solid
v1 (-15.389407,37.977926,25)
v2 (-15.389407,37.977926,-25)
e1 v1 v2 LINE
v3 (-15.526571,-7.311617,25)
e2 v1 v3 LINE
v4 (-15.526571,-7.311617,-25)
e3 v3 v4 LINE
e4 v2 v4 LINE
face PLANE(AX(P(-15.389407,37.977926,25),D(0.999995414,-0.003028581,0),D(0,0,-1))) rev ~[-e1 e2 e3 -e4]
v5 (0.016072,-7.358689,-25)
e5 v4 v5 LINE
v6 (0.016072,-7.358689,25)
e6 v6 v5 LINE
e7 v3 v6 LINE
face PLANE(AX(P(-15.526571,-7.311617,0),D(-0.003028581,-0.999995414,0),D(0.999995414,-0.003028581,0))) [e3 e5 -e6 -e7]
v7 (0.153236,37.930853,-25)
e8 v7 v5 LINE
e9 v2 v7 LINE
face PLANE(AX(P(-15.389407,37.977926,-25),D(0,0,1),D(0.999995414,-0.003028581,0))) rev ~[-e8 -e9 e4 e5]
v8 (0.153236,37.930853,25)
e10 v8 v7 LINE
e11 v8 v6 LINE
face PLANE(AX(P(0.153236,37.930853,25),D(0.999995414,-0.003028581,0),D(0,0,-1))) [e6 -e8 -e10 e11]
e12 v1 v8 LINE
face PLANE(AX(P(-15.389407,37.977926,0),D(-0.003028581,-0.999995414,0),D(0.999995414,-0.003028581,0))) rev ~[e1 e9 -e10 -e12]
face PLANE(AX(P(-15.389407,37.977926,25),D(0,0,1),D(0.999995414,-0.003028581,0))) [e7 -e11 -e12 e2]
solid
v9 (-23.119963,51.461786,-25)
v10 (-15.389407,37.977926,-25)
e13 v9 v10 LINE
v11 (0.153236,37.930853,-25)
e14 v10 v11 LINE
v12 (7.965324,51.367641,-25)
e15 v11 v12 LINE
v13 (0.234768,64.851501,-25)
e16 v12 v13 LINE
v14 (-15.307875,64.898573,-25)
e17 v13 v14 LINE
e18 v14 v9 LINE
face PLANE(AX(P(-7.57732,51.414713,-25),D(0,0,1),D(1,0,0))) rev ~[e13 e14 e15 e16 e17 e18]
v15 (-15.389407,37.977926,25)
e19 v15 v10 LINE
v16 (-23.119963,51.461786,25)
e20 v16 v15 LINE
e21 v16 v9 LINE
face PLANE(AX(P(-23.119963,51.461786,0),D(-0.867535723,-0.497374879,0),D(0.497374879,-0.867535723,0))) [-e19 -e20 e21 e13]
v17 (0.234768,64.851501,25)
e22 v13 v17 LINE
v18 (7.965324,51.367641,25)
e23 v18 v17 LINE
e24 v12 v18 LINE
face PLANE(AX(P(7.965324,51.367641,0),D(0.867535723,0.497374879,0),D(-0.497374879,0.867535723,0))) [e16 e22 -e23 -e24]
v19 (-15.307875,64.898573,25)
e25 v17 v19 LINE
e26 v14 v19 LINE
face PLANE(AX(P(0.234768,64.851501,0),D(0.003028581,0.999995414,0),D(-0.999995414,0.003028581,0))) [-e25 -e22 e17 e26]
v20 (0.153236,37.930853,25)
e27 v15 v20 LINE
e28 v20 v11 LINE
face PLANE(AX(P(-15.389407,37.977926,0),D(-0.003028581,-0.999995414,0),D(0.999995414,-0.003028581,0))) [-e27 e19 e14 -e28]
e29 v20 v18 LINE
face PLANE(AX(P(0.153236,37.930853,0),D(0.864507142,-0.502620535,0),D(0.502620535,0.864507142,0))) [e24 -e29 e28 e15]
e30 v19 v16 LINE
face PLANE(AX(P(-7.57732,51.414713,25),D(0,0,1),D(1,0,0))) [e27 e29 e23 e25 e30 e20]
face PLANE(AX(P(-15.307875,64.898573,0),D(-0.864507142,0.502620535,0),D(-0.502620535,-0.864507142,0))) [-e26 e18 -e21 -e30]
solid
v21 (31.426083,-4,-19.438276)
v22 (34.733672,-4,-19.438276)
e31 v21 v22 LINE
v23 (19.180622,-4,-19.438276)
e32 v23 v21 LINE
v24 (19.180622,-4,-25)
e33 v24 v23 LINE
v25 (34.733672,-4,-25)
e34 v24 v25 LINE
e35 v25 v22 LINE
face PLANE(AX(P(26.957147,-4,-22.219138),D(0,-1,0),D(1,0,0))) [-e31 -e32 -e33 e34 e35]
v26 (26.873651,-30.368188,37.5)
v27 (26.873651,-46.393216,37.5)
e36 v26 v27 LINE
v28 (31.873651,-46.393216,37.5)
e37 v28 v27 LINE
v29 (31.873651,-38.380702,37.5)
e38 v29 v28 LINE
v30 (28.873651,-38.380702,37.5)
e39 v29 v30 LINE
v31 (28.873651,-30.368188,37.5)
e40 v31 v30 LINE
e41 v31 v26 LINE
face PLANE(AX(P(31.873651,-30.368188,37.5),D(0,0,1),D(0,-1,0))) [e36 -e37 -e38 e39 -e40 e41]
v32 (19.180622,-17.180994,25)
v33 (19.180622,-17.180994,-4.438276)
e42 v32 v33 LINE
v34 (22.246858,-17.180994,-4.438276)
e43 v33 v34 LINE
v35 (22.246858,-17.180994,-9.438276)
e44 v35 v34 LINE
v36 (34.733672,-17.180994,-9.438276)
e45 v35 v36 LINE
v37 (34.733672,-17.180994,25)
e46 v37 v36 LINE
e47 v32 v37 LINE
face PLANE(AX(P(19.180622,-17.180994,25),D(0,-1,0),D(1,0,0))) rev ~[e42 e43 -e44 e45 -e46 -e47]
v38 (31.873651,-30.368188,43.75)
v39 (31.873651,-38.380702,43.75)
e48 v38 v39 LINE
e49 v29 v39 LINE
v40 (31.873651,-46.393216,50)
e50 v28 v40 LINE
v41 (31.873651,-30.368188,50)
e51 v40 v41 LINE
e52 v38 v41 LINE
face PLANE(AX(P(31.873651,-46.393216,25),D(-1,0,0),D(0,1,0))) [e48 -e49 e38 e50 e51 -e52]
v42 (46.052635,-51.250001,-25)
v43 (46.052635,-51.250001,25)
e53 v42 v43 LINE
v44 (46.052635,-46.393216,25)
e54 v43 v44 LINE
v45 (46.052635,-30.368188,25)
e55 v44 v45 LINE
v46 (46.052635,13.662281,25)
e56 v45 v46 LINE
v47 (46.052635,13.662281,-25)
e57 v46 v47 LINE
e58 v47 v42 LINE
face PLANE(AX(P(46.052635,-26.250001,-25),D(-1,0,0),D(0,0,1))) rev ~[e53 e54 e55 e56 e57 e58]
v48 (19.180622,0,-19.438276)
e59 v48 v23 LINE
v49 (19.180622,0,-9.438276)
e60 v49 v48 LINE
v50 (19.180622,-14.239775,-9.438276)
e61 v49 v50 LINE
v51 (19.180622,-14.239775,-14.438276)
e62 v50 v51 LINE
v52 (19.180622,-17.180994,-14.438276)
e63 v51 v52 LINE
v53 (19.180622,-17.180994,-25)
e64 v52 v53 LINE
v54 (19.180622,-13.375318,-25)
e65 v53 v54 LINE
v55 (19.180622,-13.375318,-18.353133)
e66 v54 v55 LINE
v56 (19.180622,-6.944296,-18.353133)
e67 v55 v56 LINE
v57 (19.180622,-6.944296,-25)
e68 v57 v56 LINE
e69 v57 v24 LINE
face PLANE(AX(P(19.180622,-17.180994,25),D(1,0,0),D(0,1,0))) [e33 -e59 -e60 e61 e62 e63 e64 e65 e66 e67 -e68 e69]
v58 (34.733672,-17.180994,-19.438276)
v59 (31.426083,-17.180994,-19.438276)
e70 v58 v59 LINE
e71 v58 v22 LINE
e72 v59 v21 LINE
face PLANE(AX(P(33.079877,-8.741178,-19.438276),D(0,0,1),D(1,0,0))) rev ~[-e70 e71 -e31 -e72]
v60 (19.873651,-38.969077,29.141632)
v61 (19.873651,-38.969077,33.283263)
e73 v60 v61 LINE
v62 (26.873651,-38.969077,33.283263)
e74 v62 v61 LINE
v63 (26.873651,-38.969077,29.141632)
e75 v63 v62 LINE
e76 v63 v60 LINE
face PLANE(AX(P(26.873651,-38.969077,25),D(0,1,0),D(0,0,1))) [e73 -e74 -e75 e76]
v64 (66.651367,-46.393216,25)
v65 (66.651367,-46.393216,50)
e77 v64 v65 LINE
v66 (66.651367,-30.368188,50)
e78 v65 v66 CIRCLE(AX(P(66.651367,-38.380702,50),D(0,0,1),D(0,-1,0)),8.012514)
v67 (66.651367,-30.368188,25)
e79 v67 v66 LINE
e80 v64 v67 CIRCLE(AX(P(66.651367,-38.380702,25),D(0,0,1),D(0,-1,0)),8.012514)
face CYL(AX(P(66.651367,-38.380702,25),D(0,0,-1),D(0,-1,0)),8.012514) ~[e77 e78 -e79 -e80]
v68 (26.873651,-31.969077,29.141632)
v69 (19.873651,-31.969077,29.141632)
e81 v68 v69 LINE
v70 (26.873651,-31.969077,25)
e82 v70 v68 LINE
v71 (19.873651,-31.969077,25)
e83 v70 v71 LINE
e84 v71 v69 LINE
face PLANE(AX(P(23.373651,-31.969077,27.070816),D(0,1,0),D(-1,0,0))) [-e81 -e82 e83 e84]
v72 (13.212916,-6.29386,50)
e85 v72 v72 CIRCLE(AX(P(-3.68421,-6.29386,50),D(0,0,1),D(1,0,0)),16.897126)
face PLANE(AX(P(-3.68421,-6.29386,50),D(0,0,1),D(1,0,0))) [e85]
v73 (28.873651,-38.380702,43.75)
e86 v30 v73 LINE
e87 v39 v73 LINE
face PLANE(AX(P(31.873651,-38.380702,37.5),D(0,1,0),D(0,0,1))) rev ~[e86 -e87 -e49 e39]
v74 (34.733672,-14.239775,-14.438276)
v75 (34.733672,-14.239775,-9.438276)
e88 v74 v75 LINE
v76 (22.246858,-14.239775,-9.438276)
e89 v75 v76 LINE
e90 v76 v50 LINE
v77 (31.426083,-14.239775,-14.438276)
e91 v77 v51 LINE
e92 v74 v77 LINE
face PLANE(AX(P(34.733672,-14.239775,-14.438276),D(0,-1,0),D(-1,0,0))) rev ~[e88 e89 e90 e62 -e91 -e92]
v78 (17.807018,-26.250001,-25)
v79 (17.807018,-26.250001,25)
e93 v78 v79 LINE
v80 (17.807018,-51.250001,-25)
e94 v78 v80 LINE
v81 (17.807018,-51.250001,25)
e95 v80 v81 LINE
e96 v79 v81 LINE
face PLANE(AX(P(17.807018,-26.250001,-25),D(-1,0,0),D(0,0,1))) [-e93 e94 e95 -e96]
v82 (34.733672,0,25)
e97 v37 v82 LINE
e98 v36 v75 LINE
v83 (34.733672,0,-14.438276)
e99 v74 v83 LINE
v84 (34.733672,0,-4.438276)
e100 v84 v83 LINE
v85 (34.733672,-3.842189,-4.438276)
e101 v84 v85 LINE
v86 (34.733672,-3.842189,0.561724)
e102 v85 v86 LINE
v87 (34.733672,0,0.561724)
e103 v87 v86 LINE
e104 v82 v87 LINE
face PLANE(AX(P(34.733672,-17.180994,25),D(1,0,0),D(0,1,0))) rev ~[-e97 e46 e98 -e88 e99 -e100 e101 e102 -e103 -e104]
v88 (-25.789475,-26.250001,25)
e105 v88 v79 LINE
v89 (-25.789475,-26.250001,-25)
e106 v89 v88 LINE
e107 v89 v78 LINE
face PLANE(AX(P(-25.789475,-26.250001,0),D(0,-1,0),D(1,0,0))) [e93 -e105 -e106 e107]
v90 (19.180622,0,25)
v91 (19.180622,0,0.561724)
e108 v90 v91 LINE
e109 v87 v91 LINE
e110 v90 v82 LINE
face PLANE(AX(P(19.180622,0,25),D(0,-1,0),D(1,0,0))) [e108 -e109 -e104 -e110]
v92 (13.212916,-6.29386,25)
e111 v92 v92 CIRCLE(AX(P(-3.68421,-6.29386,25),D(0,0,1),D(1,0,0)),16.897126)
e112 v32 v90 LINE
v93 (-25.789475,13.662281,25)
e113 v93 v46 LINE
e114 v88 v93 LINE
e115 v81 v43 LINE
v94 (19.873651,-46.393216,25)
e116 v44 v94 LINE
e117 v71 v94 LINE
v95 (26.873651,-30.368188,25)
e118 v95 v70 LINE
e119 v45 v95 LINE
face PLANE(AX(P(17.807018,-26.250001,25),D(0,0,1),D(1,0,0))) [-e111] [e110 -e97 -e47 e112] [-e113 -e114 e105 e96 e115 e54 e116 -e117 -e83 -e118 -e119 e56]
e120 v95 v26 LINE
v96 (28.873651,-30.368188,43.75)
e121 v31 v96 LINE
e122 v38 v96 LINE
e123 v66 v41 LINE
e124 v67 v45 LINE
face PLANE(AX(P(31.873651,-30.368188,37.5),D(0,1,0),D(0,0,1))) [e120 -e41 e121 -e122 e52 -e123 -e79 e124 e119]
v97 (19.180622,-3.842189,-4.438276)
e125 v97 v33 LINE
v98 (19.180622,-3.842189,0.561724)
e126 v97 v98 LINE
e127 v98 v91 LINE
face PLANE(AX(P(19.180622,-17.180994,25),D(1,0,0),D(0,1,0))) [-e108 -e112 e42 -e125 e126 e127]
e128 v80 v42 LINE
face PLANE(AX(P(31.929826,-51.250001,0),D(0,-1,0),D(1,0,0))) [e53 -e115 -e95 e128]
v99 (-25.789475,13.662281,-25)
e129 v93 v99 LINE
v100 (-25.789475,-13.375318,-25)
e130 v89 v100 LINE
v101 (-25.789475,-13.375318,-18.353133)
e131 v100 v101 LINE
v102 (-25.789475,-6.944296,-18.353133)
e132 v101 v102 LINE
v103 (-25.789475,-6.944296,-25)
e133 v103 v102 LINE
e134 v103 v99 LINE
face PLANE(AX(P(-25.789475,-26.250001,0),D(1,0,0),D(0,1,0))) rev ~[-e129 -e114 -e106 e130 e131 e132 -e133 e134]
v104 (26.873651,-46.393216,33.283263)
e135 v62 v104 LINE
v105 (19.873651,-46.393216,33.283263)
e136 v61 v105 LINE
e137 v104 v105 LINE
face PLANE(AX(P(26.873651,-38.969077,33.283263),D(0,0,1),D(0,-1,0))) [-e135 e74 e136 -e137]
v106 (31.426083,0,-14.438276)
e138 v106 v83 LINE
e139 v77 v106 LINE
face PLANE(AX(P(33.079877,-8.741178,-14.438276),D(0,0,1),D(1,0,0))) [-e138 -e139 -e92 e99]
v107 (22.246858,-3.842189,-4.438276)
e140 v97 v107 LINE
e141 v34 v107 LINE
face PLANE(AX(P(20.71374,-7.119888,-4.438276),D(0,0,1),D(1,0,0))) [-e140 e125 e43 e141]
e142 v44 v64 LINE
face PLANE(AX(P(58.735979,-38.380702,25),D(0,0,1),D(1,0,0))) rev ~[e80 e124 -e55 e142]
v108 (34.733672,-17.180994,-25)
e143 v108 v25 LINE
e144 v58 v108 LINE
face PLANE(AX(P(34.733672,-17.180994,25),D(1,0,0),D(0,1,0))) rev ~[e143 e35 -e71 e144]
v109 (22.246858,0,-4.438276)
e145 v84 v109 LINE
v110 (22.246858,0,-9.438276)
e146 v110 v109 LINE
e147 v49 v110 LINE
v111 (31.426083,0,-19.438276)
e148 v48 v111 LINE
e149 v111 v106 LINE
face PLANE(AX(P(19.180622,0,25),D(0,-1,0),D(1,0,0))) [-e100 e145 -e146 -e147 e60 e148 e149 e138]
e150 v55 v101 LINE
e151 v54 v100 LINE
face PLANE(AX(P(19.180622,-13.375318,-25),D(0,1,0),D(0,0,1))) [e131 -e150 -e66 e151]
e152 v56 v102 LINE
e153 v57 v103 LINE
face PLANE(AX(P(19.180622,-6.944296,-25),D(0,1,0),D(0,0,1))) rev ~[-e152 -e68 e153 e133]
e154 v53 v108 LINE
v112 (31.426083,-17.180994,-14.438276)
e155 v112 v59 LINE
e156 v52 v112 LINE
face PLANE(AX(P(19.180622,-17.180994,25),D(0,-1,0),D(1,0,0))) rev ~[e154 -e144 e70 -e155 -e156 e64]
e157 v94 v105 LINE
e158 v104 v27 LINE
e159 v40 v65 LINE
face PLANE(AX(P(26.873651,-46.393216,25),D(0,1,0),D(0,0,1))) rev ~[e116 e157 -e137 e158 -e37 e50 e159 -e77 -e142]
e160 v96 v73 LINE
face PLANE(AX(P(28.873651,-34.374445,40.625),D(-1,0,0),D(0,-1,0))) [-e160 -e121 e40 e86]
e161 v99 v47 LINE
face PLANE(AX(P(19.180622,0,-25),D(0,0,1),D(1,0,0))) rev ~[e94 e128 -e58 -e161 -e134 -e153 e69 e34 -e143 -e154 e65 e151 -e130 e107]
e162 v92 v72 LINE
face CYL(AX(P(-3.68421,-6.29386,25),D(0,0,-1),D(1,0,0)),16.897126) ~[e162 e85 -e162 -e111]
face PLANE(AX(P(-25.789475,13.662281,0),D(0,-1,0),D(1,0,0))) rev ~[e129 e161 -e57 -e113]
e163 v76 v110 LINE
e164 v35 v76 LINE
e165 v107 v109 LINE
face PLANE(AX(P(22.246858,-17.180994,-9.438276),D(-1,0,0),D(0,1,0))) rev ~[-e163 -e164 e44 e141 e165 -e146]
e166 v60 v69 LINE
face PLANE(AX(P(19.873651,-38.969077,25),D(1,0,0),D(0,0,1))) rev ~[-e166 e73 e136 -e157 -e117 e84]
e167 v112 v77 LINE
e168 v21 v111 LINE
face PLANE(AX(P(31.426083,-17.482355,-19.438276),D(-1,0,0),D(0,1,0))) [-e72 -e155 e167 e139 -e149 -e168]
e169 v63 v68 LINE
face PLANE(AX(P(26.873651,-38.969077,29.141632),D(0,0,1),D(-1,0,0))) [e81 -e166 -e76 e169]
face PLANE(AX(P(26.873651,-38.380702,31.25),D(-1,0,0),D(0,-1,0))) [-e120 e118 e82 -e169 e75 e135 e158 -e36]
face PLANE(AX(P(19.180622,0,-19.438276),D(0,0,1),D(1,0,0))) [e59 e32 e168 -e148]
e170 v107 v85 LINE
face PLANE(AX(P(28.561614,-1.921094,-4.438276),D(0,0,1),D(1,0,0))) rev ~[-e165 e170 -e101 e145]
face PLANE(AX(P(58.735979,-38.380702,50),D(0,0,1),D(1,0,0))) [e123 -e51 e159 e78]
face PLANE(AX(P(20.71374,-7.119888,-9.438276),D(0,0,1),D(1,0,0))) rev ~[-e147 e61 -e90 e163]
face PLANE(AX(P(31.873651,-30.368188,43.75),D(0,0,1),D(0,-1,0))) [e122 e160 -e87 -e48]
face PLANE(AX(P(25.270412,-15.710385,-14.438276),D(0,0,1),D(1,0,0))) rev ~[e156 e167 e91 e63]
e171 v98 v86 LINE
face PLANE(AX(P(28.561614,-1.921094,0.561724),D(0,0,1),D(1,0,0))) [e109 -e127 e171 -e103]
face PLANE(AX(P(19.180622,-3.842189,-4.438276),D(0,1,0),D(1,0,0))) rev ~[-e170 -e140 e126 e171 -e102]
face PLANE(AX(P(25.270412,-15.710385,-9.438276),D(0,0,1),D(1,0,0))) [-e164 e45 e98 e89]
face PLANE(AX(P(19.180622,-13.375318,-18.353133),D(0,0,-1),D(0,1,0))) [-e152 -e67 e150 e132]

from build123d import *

# Parameters (mm, degrees)
F0_W           = 71.8421097845
F0_H           = 39.9122815579
F1_DEPTH       = 25
F1_DEPTH_BACK  = 25
F3_W           = 28.2456167042
F3_H           = 50
F4_DEPTH       = 25
F2_W           = 15.5530497432
F2_H           = 17.180994153
F5_DEPTH       = 50.001
F6_R           = 16.8971261604
F7_DEPTH       = 25
F8_W           = 14.1789838672
F8_H           = 16.0250272602
F9_DEPTH       = 25
F10_W          = 16.0250272602
F10_H          = 12.5
F11_DEPTH      = 5
F12_W          = 7.4241384864
F12_H          = 8.2832634449
F13_DEPTH      = 7
F14_W          = 7
F14_H          = 4.1416317225
F15_DEPTH      = 7
F16_W          = 8.0125136301
F16_H          = 6.25
F17_DEPTH      = 3
F18_W          = 15.5530497432
F18_H          = 5.5617239326
F19_DEPTH      = 4
F20_W          = 3.3075883985
F20_H          = 17.482355237
F21_DEPTH      = 5
F22_W          = 12.3113431036
F22_H          = 2.9412191361
F22_W_2        = 3.3075883985
F23_DEPTH      = 5
F24_W          = 3.0662361532
F24_H          = 14.2397750169
F24_H_2        = 2.9412191361
F25_DEPTH      = 5
F26_W          = 12.6295108348
F26_H          = 3.8421889767
F26_W_2        = 3.0662361532
F27_DEPTH      = 5
F28_W          = 6.431021262
F28_H          = 6.646867469
F29_DEPTH      = 44.9710970203
F32_DEPTH      = 25
F32_DEPTH_BACK = 25
F33_DEPTH      = 45.28975


with BuildPart() as f1:
    # F0 (on Top) → F1 (new body, two sides)
    with BuildSketch(Plane.XY) as f1_sk:
        with Locations((10.1315798238, -6.2938602641)):
            Rectangle(F0_W, F0_H)
    extrude(amount=F1_DEPTH)
    extrude(f1_sk.sketch, amount=-F1_DEPTH_BACK)

    # F3 (on face) → F4 (join)
    with BuildSketch(Plane.XZ.offset(26.2500010431)):
        with Locations((31.9298263639, 0)):
            Rectangle(F3_W, F3_H)
    extrude(amount=F4_DEPTH)

    # F2 (on face) → F5 (cut, through all)
    with BuildSketch(Plane.XY.offset(25)):
        with Locations((26.9571468234, -8.5904970765)):
            Rectangle(F2_W, F2_H)
    extrude(amount=-F5_DEPTH, mode=Mode.SUBTRACT)

    # F6 (on face) → F7 (join)
    with BuildSketch(Plane.XY.offset(25)):
        with Locations((-3.6842101254, -6.2938597985)):
            Circle(F6_R)
    extrude(amount=F7_DEPTH)

    # F8 (on face) → F9 (join)
    with BuildSketch(Plane.XY.offset(25)):
        with BuildLine():
            Line((66.6513666511, -30.3681883961), (46.052634716, -30.3681883961))
            Line((46.052634716, -30.3681883961), (46.052634716, -46.3932156563))
            Line((46.052634716, -46.3932156563), (66.6513666511, -46.3932156563))
            ThreePointArc((66.6513666511, -46.3932156563), (74.6638802812, -38.3807020262), (66.6513666511, -30.3681883961))
        make_face()
        with Locations((38.9631427824, -38.3807020262)):
            Rectangle(F8_W, F8_H)
    extrude(amount=F9_DEPTH)

    # F10 (on face) → F11 (join)
    with BuildSketch(Plane(origin=(31.8736508489, 0, 0), x_dir=(0, -1, 0), z_dir=(-1, 0, 0))):
        with Locations((38.3807020262, 31.25)):
            Rectangle(F10_W, F10_H)
    extrude(amount=F11_DEPTH)

    # F12 (on face) → F13 (join)
    with BuildSketch(Plane(origin=(26.8736508489, 0, 0), x_dir=(0, -1, 0), z_dir=(-1, 0, 0))):
        with Locations((42.6811464131, 29.1416317225)):
            Rectangle(F12_W, F12_H)
    extrude(amount=F13_DEPTH)

    # F14 (on face) → F15 (join)
    with BuildSketch(Plane(origin=(0, -38.9690771699, 0), x_dir=(-1, 0, 0), z_dir=(0, 1, 0))):
        with Locations((-23.3736508489, 27.0708158612)):
            Rectangle(F14_W, F14_H)
    extrude(amount=F15_DEPTH)

    # F16 (on face) → F17 (join)
    with BuildSketch(Plane(origin=(31.8736508489, 0, 0), x_dir=(0, -1, 0), z_dir=(-1, 0, 0))):
        with Locations((34.3744452111, 40.625)):
            Rectangle(F16_W, F16_H)
    extrude(amount=F17_DEPTH)

    # F18 (on face) → F19 (join)
    with BuildSketch(Plane.XZ):
        with Locations((26.9571468234, -22.2191380337)):
            Rectangle(F18_W, F18_H)
    extrude(amount=F19_DEPTH)

    # F20 (on face) → F21 (join)
    with BuildSketch(Plane.XY.offset(-19.4382760674)):
        with Locations((33.0798774958, -8.7411776185)):
            Rectangle(F20_W, F20_H)
    extrude(amount=F21_DEPTH)

    # F22 (on face) → F23 (join)
    with BuildSketch(Plane.XY.offset(-14.4382760674)):
        with Locations((25.2704117447, -15.710384585)):
            Rectangle(F22_W, F22_H)
        with Locations((33.0798774958, -15.710384585)):
            Rectangle(F22_W_2, F22_H)
    extrude(amount=F23_DEPTH)

    # F24 (on face) → F25 (join)
    with BuildSketch(Plane.XY.offset(-9.4382760674)):
        with Locations((20.7137400284, -7.1198875085)):
            Rectangle(F24_W, F24_H)
        with Locations((20.7137400284, -15.710384585)):
            Rectangle(F24_W, F24_H_2)
    extrude(amount=F25_DEPTH)

    # F26 (on face) → F27 (join)
    with BuildSketch(Plane.XY.offset(-4.4382760674)):
        with Locations((28.5616135225, -1.9210944884)):
            Rectangle(F26_W, F26_H)
        with Locations((20.7137400284, -1.9210944884)):
            Rectangle(F26_W_2, F26_H)
    extrude(amount=F27_DEPTH)

    # F28 (on face) → F29 (cut, through all)
    with BuildSketch(Plane.YZ.offset(19.1806219518)):
        with Locations((-10.1598070469, -21.6765662655)):
            Rectangle(F28_W, F28_H)
    extrude(amount=-F29_DEPTH, mode=Mode.SUBTRACT)


with BuildPart() as f32:
    # F31 (on Top) → F32 (new body, two sides)
    with BuildSketch(Plane.XY) as f32_sk:
        Polygon((0.153236081, 37.9308532652), (7.9653235254, 51.367640895), (0.2347678149, 64.8515008933), (-15.30787534, 64.8985732618), (-23.1199627844, 51.461785632), (-15.3894070739, 37.9779256337), align=None)
    extrude(amount=F32_DEPTH)
    extrude(f32_sk.sketch, amount=-F32_DEPTH_BACK)


with BuildPart() as f33:
    # F33 (new): a face of the model
    f33_faces = [f32.part.faces().sort_by_distance(p)[0] for p in [
        (-7.6180854964, 37.9543894494, 0),
    ]]
    extrude(f33_faces, amount=F33_DEPTH)


solid = Compound([f1.part, f32.part, f33.part])
